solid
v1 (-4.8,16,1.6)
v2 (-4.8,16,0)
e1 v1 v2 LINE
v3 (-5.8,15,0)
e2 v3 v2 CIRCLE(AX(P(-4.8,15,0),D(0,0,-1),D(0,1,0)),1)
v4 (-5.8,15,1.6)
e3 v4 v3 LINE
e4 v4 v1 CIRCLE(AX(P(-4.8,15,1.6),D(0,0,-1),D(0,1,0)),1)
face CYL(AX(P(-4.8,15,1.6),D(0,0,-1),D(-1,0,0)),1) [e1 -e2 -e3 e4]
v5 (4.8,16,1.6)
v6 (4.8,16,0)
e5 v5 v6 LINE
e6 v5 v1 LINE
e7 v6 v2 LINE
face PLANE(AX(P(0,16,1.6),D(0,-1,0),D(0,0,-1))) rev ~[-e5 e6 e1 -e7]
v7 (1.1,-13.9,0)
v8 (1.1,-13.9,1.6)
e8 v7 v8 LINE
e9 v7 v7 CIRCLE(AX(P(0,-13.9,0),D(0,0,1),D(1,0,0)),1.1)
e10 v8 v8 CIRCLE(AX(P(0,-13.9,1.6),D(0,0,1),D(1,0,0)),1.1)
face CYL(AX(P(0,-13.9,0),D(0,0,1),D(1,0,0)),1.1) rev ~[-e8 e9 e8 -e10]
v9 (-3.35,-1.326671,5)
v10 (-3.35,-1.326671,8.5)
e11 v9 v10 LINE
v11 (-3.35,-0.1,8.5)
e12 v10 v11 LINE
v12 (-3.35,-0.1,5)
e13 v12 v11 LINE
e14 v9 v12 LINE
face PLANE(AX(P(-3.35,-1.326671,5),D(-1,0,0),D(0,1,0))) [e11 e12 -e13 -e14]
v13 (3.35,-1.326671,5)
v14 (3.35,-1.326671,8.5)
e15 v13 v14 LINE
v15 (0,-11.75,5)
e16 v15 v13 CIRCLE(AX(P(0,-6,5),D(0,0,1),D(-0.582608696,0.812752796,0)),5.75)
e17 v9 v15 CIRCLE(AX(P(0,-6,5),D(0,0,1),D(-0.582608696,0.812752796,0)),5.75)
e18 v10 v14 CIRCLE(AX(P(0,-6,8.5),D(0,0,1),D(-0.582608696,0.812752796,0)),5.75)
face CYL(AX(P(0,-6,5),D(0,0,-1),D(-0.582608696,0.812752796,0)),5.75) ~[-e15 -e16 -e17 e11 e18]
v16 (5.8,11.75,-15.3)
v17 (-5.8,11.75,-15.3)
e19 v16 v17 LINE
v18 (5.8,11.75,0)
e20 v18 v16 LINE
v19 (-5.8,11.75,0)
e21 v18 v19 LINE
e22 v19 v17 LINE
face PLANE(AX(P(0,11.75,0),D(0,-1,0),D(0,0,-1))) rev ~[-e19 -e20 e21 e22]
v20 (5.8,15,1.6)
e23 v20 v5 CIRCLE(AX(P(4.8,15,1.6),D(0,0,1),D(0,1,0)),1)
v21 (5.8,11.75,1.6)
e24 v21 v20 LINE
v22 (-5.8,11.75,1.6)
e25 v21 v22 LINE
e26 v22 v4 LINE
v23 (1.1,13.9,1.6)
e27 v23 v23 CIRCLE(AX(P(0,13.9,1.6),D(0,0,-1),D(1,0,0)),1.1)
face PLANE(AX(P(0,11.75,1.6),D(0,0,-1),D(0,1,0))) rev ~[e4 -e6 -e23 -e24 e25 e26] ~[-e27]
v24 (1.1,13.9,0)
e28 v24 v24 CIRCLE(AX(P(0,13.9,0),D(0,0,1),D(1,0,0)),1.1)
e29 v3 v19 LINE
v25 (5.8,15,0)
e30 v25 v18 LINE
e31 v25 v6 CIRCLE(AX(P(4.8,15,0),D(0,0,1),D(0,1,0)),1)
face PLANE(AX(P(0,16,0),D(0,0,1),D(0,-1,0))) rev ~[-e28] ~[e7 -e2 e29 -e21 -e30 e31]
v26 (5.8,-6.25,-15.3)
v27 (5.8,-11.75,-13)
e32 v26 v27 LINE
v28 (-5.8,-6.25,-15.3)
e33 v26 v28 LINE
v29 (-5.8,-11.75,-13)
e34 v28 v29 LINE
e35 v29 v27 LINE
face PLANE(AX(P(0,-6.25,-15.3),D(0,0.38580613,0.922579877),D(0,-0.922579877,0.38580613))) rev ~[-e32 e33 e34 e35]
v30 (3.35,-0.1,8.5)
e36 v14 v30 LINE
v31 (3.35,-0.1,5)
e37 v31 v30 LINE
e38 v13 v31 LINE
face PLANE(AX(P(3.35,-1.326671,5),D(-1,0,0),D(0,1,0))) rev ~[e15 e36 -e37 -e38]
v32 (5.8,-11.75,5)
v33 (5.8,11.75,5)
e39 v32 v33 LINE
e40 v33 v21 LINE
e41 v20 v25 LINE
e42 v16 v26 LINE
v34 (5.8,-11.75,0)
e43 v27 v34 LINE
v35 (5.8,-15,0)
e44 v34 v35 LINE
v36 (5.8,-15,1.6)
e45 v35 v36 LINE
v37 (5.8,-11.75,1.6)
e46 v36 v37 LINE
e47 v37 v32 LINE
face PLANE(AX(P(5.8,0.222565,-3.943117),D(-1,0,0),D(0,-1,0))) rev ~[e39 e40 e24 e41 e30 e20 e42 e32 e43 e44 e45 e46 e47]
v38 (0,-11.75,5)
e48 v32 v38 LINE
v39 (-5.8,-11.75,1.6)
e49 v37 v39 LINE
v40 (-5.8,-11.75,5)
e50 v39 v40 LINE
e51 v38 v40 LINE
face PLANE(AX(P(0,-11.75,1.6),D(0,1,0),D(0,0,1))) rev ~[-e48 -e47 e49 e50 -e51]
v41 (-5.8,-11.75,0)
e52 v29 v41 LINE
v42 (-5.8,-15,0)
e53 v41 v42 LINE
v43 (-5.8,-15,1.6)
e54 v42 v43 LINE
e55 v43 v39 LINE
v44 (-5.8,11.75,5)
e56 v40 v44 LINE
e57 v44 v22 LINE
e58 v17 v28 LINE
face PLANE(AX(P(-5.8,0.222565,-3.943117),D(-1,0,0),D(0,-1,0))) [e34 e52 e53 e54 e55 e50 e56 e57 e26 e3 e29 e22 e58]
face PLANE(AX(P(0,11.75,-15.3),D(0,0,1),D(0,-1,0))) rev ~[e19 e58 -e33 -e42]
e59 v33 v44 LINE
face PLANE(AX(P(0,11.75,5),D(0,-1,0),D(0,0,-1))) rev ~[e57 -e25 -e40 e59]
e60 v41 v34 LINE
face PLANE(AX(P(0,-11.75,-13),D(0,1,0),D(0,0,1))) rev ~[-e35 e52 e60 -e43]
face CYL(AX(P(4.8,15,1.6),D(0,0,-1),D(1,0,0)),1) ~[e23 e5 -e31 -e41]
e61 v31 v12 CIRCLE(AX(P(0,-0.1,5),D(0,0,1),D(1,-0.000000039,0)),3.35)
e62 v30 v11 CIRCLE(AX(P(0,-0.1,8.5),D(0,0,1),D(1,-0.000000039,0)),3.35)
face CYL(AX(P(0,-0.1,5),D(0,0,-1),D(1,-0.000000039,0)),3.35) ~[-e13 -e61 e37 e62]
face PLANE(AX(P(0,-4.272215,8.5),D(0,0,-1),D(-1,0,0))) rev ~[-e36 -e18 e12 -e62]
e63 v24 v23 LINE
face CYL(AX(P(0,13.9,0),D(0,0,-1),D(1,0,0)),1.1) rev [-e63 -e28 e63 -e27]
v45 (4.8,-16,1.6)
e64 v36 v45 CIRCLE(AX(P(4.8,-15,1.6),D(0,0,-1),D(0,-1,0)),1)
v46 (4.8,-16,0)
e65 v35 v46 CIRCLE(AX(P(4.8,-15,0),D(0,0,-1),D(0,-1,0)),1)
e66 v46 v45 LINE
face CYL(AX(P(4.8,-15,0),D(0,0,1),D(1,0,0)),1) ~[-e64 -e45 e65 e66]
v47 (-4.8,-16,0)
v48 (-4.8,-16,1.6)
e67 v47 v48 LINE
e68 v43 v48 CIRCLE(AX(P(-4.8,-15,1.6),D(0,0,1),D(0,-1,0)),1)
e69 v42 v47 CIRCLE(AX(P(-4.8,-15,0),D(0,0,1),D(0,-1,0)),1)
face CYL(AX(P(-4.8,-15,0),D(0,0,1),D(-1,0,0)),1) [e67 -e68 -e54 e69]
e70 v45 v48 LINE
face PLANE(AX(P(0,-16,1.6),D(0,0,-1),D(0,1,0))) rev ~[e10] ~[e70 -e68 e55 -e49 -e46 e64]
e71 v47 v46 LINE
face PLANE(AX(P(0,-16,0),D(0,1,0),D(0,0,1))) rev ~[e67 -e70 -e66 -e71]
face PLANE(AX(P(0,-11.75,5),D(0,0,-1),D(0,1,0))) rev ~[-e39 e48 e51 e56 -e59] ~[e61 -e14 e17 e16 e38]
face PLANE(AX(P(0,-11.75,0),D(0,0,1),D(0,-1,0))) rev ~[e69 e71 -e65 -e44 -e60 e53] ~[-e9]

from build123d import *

# Parameters (mm, degrees)
PAD004_DEPTH    = 5.8
PAD007_DEPTH    = 3.5
SKETCH035_R     = 1.1
POCKET014_DEPTH = 2.5
FILLET001_R     = 1


with BuildPart() as part:
    # Sketch037 → Pad004 (new body, symmetric)
    with BuildSketch(Plane.YZ):
        Polygon((-16, 0), (-16, 1.6), (-11.75, 1.6), (-11.75, 5), (11.75, 5), (11.75, 1.6), (16, 1.6), (16, 0), (11.75, 0), (11.75, -15.3), (-6.25, -15.3), (-11.75, -13), (-11.75, 0), align=None)
    extrude(amount=PAD004_DEPTH, both=True)

    # Sketch006 (on DatumPlane) → Pad007 (join)
    with BuildSketch(Plane.XY.offset(5)):
        with BuildLine():
            Line((-3.35, -1.3266714218), (-3.35, -0.0999999323))
            ThreePointArc((3.35, -0.1000001307), (9.92e-08, 3.25), (-3.35, -0.0999999323))
            Line((3.35, -1.3266714218), (3.35, -0.1000001307))
            ThreePointArc((-3.35, -1.3266714218), (0, -11.75), (3.35, -1.3266714218))
        make_face()
    extrude(amount=PAD007_DEPTH)

    # Sketch035 → Pocket014 (cut, symmetric)
    with BuildSketch(Plane.XY):
        with Locations((0, 13.9)):
            Circle(SKETCH035_R)
        with Locations((0, -13.9)):
            Circle(SKETCH035_R)
    extrude(amount=POCKET014_DEPTH, both=True, mode=Mode.SUBTRACT)

    # Fillet001
    fillet001_edges = [part.edges().sort_by_distance(p)[0] for p in [
        (5.8, 16, 0.8),
        (-5.8, 16, 0.8),
        (5.8, -16, 0.8),
        (-5.8, -16, 0.8),
    ]]
    fillet(fillet001_edges, radius=FILLET001_R)


solid = part.part
